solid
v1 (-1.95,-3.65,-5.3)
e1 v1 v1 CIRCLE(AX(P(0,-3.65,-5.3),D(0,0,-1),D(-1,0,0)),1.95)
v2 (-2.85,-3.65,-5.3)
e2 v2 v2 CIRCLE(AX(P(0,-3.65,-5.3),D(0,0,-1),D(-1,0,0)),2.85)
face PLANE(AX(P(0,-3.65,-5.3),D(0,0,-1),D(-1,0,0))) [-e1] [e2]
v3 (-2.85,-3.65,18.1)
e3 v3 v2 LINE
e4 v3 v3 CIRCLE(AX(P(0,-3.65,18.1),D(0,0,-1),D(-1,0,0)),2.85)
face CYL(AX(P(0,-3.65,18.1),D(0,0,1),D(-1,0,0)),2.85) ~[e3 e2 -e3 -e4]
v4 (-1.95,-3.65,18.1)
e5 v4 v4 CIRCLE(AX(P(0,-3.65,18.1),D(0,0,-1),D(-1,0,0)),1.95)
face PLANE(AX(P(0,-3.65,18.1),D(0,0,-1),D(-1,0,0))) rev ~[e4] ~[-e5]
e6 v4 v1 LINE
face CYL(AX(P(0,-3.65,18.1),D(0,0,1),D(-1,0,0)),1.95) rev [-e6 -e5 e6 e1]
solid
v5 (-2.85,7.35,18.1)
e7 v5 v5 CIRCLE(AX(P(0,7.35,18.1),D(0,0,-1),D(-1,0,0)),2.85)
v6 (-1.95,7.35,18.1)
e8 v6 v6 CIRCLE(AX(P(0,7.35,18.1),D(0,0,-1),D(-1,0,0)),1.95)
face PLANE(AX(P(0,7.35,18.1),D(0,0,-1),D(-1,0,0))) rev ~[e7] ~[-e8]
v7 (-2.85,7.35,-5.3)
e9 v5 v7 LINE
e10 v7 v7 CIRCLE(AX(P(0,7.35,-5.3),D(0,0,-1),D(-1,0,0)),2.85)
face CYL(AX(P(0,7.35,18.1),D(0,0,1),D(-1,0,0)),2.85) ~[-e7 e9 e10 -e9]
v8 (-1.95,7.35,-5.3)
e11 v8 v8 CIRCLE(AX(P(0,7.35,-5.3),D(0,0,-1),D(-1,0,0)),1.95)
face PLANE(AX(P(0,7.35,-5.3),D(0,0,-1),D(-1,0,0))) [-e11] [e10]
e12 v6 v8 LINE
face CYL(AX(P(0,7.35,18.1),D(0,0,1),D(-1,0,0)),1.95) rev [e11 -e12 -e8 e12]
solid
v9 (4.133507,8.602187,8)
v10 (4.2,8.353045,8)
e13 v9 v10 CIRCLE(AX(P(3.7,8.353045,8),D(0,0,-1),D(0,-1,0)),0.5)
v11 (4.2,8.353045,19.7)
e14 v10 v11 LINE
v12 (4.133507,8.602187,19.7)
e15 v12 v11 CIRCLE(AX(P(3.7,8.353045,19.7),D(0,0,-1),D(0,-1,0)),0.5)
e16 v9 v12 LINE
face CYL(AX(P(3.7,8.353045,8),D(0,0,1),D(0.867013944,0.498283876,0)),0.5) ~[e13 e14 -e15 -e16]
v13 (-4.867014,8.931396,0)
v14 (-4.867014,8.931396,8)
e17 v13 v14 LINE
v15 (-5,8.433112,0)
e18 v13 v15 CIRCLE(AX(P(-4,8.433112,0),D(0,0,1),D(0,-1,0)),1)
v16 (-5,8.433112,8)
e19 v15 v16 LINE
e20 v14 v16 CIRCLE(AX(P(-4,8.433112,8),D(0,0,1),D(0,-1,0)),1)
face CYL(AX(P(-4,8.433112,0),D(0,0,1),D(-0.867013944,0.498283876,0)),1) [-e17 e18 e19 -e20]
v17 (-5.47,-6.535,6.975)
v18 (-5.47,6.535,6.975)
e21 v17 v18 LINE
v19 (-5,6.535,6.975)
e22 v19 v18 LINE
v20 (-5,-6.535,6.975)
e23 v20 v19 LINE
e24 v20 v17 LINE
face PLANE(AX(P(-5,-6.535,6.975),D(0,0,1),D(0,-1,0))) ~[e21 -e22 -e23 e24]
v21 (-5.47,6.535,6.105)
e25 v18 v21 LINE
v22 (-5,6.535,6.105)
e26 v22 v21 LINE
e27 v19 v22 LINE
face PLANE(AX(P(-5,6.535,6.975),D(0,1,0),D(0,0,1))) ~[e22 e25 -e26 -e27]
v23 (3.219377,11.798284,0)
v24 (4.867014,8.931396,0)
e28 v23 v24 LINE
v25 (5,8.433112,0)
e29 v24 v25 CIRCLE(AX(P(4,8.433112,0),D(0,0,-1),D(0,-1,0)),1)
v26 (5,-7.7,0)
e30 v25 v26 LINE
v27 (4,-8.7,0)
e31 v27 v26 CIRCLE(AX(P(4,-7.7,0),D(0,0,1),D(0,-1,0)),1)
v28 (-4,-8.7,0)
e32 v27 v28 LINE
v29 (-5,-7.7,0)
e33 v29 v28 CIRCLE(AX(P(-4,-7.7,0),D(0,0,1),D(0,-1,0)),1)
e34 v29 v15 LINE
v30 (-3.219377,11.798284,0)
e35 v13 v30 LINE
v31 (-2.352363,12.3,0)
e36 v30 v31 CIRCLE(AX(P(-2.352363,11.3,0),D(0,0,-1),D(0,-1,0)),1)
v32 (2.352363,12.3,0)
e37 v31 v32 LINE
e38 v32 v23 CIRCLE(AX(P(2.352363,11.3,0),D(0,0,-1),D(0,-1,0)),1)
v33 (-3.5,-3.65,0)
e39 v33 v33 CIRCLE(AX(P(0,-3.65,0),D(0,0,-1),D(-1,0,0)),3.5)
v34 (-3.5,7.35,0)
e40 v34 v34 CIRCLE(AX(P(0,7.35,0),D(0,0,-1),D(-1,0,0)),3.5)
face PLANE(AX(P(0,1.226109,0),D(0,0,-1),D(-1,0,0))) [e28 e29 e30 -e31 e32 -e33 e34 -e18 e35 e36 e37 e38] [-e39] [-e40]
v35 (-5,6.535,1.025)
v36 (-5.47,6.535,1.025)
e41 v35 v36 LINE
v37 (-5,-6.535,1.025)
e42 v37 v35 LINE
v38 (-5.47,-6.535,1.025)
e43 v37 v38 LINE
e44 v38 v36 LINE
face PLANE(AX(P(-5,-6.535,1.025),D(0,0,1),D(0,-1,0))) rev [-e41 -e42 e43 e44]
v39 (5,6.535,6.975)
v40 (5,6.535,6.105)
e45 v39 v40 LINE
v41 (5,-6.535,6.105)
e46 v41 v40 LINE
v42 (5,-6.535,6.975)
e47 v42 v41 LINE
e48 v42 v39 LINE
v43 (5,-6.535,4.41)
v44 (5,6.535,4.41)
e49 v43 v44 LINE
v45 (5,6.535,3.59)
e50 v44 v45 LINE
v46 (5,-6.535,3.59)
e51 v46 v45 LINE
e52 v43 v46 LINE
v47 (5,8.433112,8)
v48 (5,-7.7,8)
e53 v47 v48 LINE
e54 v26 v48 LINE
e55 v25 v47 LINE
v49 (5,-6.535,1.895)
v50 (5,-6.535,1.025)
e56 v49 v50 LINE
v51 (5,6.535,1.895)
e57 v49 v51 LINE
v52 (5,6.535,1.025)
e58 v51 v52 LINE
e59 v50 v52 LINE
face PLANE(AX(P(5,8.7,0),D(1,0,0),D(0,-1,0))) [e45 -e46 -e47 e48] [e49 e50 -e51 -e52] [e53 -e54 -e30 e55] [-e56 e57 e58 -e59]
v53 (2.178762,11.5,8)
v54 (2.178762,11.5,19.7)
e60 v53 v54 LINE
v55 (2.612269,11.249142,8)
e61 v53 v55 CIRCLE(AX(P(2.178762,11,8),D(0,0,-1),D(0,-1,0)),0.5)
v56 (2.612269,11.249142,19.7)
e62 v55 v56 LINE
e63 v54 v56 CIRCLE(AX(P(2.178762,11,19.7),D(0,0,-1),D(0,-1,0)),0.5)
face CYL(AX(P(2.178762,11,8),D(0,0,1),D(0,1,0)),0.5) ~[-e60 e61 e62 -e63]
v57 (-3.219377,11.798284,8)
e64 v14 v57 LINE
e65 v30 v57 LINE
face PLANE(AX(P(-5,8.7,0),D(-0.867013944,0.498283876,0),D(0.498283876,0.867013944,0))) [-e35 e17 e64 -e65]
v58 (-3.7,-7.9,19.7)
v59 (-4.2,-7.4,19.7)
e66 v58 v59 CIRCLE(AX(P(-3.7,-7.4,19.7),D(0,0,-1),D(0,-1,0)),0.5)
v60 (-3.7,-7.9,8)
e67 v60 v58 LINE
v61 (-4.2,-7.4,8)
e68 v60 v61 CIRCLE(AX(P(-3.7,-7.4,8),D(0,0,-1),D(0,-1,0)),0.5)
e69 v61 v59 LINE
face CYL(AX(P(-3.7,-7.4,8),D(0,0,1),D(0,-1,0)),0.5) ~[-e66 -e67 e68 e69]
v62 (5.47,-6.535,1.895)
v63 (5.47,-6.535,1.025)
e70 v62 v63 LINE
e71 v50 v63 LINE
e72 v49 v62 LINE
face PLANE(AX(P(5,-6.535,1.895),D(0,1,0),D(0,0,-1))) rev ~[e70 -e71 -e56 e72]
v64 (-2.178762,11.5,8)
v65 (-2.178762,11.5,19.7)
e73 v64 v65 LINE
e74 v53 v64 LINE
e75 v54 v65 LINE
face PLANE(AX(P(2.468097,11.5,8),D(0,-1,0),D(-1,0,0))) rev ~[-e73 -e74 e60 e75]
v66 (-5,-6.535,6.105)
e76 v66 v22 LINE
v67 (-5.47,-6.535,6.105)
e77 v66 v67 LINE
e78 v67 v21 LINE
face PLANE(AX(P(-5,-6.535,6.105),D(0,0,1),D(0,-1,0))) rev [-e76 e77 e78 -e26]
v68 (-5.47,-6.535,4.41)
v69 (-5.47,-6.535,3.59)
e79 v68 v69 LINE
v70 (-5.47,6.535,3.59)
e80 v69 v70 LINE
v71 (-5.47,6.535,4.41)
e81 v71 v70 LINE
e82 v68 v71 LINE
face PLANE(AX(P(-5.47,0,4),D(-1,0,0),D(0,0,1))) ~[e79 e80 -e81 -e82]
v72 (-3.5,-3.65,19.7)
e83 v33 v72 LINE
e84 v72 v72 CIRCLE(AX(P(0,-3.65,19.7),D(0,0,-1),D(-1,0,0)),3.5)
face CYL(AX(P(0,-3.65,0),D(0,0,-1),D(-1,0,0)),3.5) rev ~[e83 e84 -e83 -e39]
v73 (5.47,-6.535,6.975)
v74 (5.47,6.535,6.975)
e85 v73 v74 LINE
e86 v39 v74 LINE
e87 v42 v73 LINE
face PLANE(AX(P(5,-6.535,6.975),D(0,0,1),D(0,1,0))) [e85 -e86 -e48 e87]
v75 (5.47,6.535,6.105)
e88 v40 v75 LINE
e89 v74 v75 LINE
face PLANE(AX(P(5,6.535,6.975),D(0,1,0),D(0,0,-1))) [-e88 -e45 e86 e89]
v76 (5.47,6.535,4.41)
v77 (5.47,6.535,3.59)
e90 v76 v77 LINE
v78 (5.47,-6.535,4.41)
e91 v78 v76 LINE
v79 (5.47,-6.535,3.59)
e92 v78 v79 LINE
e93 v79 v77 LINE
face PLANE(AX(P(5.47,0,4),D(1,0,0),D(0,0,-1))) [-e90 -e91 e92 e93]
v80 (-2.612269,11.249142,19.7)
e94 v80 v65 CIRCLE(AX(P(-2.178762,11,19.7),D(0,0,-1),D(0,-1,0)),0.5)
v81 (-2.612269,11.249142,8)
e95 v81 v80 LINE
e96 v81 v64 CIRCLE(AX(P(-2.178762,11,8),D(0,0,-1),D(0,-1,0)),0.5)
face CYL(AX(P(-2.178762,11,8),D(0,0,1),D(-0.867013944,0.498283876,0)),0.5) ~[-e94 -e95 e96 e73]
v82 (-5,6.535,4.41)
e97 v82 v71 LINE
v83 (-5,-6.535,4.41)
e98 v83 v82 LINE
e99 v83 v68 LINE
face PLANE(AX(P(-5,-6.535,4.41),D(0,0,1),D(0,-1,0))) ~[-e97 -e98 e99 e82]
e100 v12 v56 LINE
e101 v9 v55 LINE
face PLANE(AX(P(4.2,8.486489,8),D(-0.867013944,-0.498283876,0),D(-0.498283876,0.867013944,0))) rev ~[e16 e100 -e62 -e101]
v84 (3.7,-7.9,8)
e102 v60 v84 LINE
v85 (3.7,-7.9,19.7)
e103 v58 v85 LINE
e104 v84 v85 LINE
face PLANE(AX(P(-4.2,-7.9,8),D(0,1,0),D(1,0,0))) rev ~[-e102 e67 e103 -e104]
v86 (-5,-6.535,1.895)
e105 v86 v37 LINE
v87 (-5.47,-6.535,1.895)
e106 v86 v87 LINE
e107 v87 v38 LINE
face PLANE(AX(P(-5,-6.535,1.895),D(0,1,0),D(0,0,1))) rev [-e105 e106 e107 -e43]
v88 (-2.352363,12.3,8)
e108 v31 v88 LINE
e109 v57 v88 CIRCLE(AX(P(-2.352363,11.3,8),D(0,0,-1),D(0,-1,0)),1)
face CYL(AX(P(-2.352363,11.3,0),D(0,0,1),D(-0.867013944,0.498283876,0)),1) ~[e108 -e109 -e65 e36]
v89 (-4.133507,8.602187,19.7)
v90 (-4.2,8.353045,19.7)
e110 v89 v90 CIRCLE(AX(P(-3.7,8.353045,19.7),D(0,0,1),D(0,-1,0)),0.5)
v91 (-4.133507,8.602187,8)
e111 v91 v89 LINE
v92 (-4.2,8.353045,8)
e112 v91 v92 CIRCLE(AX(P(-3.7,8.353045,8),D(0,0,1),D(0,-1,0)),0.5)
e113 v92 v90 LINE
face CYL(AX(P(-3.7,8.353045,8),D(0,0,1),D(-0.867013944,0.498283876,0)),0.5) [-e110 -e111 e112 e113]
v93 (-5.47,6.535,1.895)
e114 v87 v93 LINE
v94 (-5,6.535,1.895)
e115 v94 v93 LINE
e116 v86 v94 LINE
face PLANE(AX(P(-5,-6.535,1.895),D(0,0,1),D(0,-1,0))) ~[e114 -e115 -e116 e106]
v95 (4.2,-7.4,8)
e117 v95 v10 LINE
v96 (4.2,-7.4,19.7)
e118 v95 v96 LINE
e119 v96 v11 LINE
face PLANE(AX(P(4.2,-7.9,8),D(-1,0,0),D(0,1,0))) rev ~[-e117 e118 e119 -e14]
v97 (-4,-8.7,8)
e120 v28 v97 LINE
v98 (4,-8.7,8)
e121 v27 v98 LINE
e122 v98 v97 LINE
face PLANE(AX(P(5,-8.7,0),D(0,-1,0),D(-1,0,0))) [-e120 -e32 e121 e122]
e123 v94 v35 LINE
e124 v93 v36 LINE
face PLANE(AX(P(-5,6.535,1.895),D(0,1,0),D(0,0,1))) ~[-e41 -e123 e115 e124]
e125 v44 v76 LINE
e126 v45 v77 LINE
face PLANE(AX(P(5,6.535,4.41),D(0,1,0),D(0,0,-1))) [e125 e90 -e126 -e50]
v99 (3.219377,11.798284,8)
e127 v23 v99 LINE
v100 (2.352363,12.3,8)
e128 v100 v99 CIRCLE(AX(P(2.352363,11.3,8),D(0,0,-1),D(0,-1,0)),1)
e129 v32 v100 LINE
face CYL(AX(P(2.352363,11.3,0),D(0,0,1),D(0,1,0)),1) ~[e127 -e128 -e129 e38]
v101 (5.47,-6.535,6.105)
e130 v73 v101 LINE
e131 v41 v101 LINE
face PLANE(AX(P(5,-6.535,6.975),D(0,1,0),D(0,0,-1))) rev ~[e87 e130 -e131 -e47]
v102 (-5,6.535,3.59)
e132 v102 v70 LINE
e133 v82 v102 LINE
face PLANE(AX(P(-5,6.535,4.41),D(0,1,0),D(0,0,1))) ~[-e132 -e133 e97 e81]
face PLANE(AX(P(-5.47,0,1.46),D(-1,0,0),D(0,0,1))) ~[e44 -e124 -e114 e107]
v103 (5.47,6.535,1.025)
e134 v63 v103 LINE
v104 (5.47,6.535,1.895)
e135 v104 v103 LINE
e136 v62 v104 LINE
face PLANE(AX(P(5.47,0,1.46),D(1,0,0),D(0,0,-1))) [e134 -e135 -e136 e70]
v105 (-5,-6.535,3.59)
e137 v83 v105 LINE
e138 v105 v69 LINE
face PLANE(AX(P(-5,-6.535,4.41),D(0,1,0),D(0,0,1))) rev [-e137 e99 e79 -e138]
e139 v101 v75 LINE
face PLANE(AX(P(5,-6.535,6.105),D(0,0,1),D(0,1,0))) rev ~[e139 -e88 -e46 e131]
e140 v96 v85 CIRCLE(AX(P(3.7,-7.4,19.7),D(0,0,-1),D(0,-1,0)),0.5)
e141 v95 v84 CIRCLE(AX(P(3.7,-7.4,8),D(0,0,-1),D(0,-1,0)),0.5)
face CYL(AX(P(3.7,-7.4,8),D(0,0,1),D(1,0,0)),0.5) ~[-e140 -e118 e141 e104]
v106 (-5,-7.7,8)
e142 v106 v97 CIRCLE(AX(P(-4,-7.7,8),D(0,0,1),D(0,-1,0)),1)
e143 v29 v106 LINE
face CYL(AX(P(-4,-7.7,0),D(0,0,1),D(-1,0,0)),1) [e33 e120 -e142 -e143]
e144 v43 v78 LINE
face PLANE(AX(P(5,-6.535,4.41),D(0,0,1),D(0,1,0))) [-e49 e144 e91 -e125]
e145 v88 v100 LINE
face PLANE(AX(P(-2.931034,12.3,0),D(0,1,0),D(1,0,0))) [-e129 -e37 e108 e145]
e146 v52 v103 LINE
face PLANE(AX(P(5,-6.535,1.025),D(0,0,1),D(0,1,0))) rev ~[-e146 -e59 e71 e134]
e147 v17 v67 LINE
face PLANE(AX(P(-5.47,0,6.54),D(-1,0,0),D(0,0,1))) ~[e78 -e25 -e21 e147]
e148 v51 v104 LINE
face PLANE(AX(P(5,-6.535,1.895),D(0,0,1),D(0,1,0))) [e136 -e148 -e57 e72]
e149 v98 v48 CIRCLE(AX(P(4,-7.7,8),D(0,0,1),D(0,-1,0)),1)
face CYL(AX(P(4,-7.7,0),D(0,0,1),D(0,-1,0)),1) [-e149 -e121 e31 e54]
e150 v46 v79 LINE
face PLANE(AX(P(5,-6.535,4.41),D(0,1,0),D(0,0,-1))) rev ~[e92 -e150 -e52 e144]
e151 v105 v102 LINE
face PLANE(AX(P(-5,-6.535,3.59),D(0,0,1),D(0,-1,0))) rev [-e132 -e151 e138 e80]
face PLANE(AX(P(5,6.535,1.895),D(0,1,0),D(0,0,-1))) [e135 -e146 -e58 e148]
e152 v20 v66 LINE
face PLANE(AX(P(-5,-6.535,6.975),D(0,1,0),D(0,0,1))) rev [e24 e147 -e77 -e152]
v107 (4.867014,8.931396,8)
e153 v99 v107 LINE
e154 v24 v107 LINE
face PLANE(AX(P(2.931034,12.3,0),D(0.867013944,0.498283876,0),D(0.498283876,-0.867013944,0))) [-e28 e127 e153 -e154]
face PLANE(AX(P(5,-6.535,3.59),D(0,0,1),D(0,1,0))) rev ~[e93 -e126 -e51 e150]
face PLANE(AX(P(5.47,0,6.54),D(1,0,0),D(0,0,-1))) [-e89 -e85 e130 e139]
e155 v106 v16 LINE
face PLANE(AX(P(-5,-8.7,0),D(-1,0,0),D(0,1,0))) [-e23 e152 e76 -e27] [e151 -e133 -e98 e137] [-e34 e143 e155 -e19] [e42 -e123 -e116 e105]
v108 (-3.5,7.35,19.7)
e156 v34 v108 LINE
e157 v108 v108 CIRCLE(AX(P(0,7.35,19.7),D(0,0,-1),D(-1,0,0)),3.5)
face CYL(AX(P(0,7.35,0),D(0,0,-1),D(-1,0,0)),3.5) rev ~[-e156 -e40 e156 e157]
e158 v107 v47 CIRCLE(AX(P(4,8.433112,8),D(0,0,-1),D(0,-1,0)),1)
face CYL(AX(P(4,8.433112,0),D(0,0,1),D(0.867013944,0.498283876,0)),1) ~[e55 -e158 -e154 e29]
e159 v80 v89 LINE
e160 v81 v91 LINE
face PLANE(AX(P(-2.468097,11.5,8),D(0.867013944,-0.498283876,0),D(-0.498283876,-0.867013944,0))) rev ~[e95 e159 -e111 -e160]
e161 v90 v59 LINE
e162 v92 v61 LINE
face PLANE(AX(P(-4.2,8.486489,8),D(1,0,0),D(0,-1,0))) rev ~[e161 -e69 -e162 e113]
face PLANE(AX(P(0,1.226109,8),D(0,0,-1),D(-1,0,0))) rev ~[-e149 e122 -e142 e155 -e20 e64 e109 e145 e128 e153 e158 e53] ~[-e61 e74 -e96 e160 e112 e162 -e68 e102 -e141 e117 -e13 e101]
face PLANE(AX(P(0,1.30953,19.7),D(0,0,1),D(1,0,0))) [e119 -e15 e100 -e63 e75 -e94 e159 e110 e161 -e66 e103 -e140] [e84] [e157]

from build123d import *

# Parameters (mm, degrees)
BOSS_EXTRUDE1_DEPTH        = 8
BOSS_EXTRUDE2_DEPTH        = 11.7
SKETCH3_R                  = 3.5
CUT_EXTRUDE1_DEPTH         = 24.75668327
EXTRUDE_THIN1_DEPTH        = 5.3
EXTRUDE_THIN1_DEPTH_BACK   = 18.1
SKETCH4_R                  = 2.85
SKETCH4_R_2                = 1.95
EXTRUDE_THIN1_2_DEPTH      = 5.3
EXTRUDE_THIN1_2_DEPTH_BACK = 18.1
SKETCH5_W                  = 0.82
SKETCH5_H                  = 13.07
SKETCH5_W_2                = 0.87
BOSS_EXTRUDE3_DEPTH        = 0.47
FILLET1_R                  = 1
FILLET2_R                  = 0.5


with BuildPart() as part:
    # Sketch1 → Boss-Extrude1 (new body)
    with BuildSketch(Plane.XY):
        Polygon((-5, 8.7), (-2.931034483, 12.3), (2.931034483, 12.3), (5, 8.7), (5, -8.7), (-5, -8.7), align=None)
    extrude(amount=BOSS_EXTRUDE1_DEPTH)

    # Sketch2 → Boss-Extrude2 (add)
    with BuildSketch(Plane.XY.offset(8)):
        Polygon((-4.2, 8.486489489), (-4.2, -7.9), (4.2, -7.9), (4.2, 8.486489489), (2.468097408, 11.5), (-2.468097408, 11.5), align=None)
    extrude(amount=BOSS_EXTRUDE2_DEPTH)

    # Sketch3 → Cut-Extrude1 (cut, through all)
    with BuildSketch(Plane(origin=(0, 0, 0), x_dir=(-1, 0, 0), z_dir=(0, 0, -1))):
        with Locations((0, -3.65)):
            Circle(SKETCH3_R)
        with Locations((0, 7.35)):
            Circle(SKETCH3_R)
    extrude(amount=-CUT_EXTRUDE1_DEPTH, mode=Mode.SUBTRACT)

    # Sketch5 → Boss-Extrude3 (add)
    with BuildSketch(Plane(origin=(5, 0, 0), x_dir=(0, 0, -1), z_dir=(1, 0, 0))):
        with Locations((-4, 0)):
            Rectangle(SKETCH5_W, SKETCH5_H)
        with Locations((-6.54, 0)):
            Rectangle(SKETCH5_W_2, SKETCH5_H)
        with Locations((-1.46, 0)):
            Rectangle(SKETCH5_W_2, SKETCH5_H)
    boss_extrude3 = extrude(amount=BOSS_EXTRUDE3_DEPTH)

    # Mirror1: Boss-Extrude3 across plane
    add(boss_extrude3.mirror(Plane(origin=(0, 0, 0), x_dir=(0, 0, 1), z_dir=(1, 0, 0))))

    # Fillet1
    fillet1_edges = [part.edges().sort_by_distance(p)[0] for p in [
        (5, -8.7, 4),
        (-5, -8.7, 4),
        (-5, 8.7, 4),
        (-2.931034483, 12.3, 4),
        (2.931034483, 12.3, 4),
        (5, 8.7, 4),
    ]]
    fillet(fillet1_edges, radius=FILLET1_R)

    # Fillet2
    fillet2_edges = [part.edges().sort_by_distance(p)[0] for p in [
        (-2.468097408, 11.5, 13.85),
        (-4.2, 8.486489489, 13.85),
        (-4.2, -7.9, 13.85),
        (4.2, -7.9, 13.85),
        (4.2, 8.486489489, 13.85),
        (2.468097408, 11.5, 13.85),
    ]]
    fillet(fillet2_edges, radius=FILLET2_R)


with BuildPart() as body_2:
    # Sketch4 → Extrude-Thin1 (new, two sides: drawn at the far end of the back side and taken through both)
    with BuildSketch(Plane(origin=(0, 0, 0), x_dir=(-1, 0, 0), z_dir=(0, 0, -1)).offset(-EXTRUDE_THIN1_DEPTH_BACK)):
        with Locations((0, 7.35)):
            Circle(SKETCH4_R)
        with Locations((0, 7.35)):
            Circle(SKETCH4_R_2, mode=Mode.SUBTRACT)
    extrude(amount=EXTRUDE_THIN1_DEPTH + EXTRUDE_THIN1_DEPTH_BACK)


with BuildPart() as body_3:
    # Sketch4 → Extrude-Thin1 2 (new, two sides: drawn at the far end of the back side and taken through both)
    with BuildSketch(Plane(origin=(0, 0, 0), x_dir=(-1, 0, 0), z_dir=(0, 0, -1)).offset(-EXTRUDE_THIN1_2_DEPTH_BACK)):
        with Locations((0, -3.65)):
            Circle(SKETCH4_R)
        with Locations((0, -3.65)):
            Circle(SKETCH4_R_2, mode=Mode.SUBTRACT)
    extrude(amount=EXTRUDE_THIN1_2_DEPTH + EXTRUDE_THIN1_2_DEPTH_BACK)


solid = Compound([part.part, body_2.part, body_3.part])
